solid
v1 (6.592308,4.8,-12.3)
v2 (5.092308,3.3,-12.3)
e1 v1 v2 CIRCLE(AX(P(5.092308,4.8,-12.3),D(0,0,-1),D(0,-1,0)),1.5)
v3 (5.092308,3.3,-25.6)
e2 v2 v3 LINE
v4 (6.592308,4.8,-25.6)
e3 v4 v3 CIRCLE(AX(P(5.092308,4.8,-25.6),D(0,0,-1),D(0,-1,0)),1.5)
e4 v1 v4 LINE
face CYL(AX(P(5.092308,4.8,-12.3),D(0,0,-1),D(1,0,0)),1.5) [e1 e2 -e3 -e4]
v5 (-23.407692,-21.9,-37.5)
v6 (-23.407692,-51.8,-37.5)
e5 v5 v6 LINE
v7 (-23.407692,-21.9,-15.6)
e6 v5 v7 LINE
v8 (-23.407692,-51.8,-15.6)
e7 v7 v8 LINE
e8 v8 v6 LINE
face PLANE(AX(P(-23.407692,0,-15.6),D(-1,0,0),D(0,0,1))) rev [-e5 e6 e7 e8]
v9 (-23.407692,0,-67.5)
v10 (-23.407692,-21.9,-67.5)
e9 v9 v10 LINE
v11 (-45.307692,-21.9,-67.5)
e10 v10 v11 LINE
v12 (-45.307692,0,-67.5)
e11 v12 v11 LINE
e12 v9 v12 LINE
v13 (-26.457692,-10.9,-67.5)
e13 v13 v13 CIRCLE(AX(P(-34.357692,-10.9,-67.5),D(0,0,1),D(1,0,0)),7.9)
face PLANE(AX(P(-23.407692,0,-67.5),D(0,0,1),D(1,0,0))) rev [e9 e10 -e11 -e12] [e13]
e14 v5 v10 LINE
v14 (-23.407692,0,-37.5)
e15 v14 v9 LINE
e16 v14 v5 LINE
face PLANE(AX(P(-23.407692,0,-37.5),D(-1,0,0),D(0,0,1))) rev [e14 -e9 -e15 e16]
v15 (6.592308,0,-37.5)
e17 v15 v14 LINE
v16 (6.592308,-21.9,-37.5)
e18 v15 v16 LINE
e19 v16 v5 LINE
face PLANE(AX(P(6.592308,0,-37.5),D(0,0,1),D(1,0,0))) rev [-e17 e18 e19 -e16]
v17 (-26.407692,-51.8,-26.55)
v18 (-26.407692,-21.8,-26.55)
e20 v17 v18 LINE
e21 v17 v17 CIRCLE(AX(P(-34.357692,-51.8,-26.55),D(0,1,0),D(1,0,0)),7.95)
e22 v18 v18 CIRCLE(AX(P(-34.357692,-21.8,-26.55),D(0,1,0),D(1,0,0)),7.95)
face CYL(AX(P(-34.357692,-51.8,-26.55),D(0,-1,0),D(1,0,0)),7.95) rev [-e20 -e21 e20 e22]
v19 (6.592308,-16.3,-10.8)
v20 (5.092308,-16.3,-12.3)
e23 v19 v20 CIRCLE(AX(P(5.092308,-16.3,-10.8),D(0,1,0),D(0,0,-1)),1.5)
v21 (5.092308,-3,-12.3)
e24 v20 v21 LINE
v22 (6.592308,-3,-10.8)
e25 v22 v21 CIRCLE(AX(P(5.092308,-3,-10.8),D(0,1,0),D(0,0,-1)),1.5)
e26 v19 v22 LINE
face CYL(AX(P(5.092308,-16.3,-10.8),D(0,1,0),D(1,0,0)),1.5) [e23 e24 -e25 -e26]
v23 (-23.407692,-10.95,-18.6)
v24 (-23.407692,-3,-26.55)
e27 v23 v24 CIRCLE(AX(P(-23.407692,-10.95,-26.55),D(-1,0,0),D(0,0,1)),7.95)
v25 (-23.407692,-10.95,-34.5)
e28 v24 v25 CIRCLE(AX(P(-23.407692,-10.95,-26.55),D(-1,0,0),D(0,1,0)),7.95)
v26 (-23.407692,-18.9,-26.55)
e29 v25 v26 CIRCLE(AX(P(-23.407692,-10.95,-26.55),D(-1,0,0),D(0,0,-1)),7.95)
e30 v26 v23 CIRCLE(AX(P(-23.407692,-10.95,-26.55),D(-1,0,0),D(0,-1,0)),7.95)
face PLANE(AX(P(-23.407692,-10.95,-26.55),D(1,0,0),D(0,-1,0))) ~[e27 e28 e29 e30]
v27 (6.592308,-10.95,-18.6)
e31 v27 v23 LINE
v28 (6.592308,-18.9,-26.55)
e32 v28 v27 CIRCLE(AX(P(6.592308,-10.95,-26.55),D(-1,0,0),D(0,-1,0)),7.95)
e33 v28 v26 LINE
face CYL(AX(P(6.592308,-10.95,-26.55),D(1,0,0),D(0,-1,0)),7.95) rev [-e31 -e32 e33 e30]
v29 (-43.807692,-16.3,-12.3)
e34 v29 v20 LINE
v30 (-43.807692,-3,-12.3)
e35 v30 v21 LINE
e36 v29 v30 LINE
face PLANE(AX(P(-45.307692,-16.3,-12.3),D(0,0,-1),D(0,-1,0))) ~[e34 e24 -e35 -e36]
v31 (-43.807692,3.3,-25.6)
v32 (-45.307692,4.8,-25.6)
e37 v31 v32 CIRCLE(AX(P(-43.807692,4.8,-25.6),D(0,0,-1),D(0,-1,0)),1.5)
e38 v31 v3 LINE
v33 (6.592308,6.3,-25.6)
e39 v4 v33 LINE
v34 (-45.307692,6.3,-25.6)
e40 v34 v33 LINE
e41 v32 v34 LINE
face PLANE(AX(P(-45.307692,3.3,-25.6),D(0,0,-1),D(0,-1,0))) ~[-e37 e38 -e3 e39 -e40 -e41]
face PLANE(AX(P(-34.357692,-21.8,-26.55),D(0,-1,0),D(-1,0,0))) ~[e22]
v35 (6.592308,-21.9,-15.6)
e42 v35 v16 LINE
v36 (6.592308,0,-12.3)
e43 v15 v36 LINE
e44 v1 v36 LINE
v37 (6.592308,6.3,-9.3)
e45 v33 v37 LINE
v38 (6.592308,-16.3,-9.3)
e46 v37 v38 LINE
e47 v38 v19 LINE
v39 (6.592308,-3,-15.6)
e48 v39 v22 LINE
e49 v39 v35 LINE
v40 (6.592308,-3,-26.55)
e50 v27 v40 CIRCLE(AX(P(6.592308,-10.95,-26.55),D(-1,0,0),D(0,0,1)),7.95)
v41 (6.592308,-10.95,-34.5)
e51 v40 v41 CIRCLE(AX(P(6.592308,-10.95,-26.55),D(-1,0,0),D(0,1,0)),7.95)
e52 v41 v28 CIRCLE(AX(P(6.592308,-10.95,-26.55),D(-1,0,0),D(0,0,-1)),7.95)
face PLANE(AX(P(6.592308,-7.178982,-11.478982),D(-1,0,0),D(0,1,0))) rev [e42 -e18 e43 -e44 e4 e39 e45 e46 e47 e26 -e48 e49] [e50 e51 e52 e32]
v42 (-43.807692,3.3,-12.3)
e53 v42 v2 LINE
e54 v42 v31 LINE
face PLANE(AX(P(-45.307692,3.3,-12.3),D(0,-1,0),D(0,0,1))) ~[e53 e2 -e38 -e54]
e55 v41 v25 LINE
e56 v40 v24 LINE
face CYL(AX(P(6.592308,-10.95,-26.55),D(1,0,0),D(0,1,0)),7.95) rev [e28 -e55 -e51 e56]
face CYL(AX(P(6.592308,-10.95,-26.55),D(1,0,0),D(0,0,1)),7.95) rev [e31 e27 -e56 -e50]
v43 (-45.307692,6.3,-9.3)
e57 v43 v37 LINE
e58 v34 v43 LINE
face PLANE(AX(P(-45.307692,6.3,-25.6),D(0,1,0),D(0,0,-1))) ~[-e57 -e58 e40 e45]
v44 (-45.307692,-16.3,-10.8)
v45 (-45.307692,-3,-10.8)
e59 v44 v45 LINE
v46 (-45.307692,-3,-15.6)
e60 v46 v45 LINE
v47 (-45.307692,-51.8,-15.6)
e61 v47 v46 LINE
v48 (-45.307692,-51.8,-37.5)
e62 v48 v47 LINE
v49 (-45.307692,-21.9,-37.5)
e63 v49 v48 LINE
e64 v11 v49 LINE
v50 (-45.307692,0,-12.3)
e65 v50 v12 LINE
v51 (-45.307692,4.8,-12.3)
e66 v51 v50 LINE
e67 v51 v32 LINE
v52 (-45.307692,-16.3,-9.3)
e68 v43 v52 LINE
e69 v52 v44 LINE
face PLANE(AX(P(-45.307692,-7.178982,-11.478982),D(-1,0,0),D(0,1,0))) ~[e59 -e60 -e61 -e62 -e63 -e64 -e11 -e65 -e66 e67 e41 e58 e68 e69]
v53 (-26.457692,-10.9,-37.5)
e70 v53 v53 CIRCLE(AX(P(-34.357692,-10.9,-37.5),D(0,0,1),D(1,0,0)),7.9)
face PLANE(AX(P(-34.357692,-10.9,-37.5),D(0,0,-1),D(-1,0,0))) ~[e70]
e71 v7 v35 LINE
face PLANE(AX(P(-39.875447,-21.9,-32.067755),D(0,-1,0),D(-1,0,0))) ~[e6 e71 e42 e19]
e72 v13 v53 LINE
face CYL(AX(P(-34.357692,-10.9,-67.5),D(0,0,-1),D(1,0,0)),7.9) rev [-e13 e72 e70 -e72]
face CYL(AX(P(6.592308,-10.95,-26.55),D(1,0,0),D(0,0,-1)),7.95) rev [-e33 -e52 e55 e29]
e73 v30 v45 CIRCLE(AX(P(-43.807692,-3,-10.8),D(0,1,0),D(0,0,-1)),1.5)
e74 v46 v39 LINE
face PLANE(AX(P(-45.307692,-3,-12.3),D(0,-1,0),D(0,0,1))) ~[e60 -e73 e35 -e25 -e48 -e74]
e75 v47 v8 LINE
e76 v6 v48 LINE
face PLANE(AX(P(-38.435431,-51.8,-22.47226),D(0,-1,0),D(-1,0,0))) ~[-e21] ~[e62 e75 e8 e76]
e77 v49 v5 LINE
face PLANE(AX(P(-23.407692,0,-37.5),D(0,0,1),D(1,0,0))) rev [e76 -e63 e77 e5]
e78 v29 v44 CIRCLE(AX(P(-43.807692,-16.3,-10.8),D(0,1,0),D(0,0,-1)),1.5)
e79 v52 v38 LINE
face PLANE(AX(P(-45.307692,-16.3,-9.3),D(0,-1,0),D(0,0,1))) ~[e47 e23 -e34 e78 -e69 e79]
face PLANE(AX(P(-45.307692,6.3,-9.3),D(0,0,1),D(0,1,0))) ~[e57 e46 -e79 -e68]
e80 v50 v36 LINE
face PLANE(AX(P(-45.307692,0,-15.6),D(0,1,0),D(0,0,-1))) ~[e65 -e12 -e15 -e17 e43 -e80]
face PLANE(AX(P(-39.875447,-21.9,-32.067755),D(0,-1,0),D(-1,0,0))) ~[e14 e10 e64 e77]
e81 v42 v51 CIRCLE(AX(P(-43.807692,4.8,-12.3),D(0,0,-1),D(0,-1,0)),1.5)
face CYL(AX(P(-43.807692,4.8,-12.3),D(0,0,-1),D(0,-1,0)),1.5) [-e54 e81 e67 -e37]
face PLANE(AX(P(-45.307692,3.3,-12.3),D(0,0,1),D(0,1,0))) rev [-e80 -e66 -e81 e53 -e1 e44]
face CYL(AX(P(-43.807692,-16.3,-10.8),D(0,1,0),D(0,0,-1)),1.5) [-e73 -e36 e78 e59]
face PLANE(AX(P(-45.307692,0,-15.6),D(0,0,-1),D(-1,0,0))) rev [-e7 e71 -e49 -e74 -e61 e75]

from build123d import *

# Parameters (mm, degrees)
F0_W      = 27
F0_H      = 15.9
F0_W_2    = 15.9
F0_H_2    = 27
F0_W_3    = 3
F0_H_3    = 3
F1_DEPTH  = 21.9
F2_DEPTH  = 51.8
F3_R      = 7.95
F6_DEPTH  = 30
F7_DEPTH  = 30
F4_R      = 7.9
F8_DEPTH  = 30
F9_W      = 3.3
F9_H      = 3
F10_DEPTH = 51.9
F11_R     = 1.5


with BuildPart() as f1:
    # F0 (on Front) → F1 (new body)
    with BuildSketch(Plane.XZ):
        with BuildLine():
            Line((-34.3576915575, 15.9), (-42.3076915575, 15.9))
            Line((-42.3076915575, 15.9), (-42.3076915575, 7.9499999931))
            ThreePointArc((-42.3076915575, 7.9499999931), (-39.9791904704, 13.571498908), (-34.3576915575, 15.9))
        make_face()
        with BuildLine():
            ThreePointArc((-34.3576915575, 15.9), (-39.9791904704, 13.571498908), (-42.3076915575, 7.9499999931))
            ThreePointArc((-42.3076915575, 7.9499999931), (-39.9791904655, 2.3285010871), (-34.3576915575, 0))
            ThreePointArc((-34.3576915575, 0), (-28.7361926471, 2.3285010896), (-26.4076915575, 7.95))
            ThreePointArc((-26.4076915575, 7.95), (-28.7361926471, 13.5714989104), (-34.3576915575, 15.9))
        make_face()
        Polygon((-42.3076915575, 18.9), (-42.3076915575, 45.9), (-26.4076915575, 45.9), (-26.4076915575, 18.9), (-23.4076915575, 18.9), (-23.4076915575, 48.9), (-45.3076915575, 48.9), (-45.3076915575, 18.9), align=None)
        with Locations((-9.9076915575, 7.95)):
            Rectangle(F0_W, F0_H)
        with Locations((-34.3576915575, 32.4)):
            Rectangle(F0_W_2, F0_H_2)
        with BuildLine():
            ThreePointArc((-34.3576915575, 0), (-39.9791904655, 2.3285010871), (-42.3076915575, 7.9499999931))
            Line((-42.3076915575, 7.9499999931), (-42.3076915575, 0))
            Line((-42.3076915575, 0), (-34.3576915575, 0))
        make_face()
        with BuildLine():
            Line((-26.4076915575, 0), (-26.4076915575, 7.95))
            ThreePointArc((-26.4076915575, 7.95), (-28.7361926471, 2.3285010896), (-34.3576915575, 0))
            Line((-34.3576915575, 0), (-26.4076915575, 0))
        make_face()
        with BuildLine():
            Line((-26.4076915575, 7.95), (-26.4076915575, 15.9))
            Line((-26.4076915575, 15.9), (-34.3576915575, 15.9))
            ThreePointArc((-34.3576915575, 15.9), (-28.7361926471, 13.5714989104), (-26.4076915575, 7.95))
        make_face()
        Polygon((6.5923084425, 18.9), (-23.4076915575, 18.9), (-23.4076915575, 15.9), (3.5923084425, 15.9), (3.5923084425, 0), (-23.4076915575, 0), (-23.4076915575, -3), (6.5923084425, -3), align=None)
        Polygon((-26.4076915575, 18.9), (-42.3076915575, 18.9), (-42.3076915575, 15.9), (-34.3576915575, 15.9), (-26.4076915575, 15.9), align=None)
        Polygon((-23.4076915575, 15.9), (-26.4076915575, 15.9), (-26.4076915575, 7.95), (-26.4076915575, 0), (-23.4076915575, 0), align=None)
        Polygon((-42.3076915575, 15.9), (-42.3076915575, 18.9), (-45.3076915575, 18.9), (-45.3076915575, -3), (-23.4076915575, -3), (-23.4076915575, 0), (-26.4076915575, 0), (-34.3576915575, 0), (-42.3076915575, 0), (-42.3076915575, 7.9499999931), align=None)
        with Locations((-24.9076915575, 17.4)):
            Rectangle(F0_W_3, F0_H_3)
    extrude(amount=F1_DEPTH)

    # F0 (on Front) → F2 (join)
    with BuildSketch(Plane.XZ):
        Polygon((-42.3076915575, 15.9), (-42.3076915575, 18.9), (-45.3076915575, 18.9), (-45.3076915575, -3), (-23.4076915575, -3), (-23.4076915575, 0), (-26.4076915575, 0), (-34.3576915575, 0), (-42.3076915575, 0), (-42.3076915575, 7.9499999931), align=None)
        with BuildLine():
            ThreePointArc((-34.3576915575, 15.9), (-39.9791904704, 13.571498908), (-42.3076915575, 7.9499999931))
            ThreePointArc((-42.3076915575, 7.9499999931), (-39.9791904655, 2.3285010871), (-34.3576915575, 0))
            ThreePointArc((-34.3576915575, 0), (-28.7361926471, 2.3285010896), (-26.4076915575, 7.95))
            ThreePointArc((-26.4076915575, 7.95), (-28.7361926471, 13.5714989104), (-34.3576915575, 15.9))
        make_face()
        Polygon((-26.4076915575, 18.9), (-42.3076915575, 18.9), (-42.3076915575, 15.9), (-34.3576915575, 15.9), (-26.4076915575, 15.9), align=None)
        Polygon((-23.4076915575, 15.9), (-26.4076915575, 15.9), (-26.4076915575, 7.95), (-26.4076915575, 0), (-23.4076915575, 0), align=None)
        with Locations((-24.9076915575, 17.4)):
            Rectangle(F0_W_3, F0_H_3)
        with BuildLine():
            Line((-26.4076915575, 7.95), (-26.4076915575, 15.9))
            Line((-26.4076915575, 15.9), (-34.3576915575, 15.9))
            ThreePointArc((-34.3576915575, 15.9), (-28.7361926471, 13.5714989104), (-26.4076915575, 7.95))
        make_face()
        with BuildLine():
            Line((-34.3576915575, 15.9), (-42.3076915575, 15.9))
            Line((-42.3076915575, 15.9), (-42.3076915575, 7.9499999931))
            ThreePointArc((-42.3076915575, 7.9499999931), (-39.9791904704, 13.571498908), (-34.3576915575, 15.9))
        make_face()
        with BuildLine():
            ThreePointArc((-34.3576915575, 0), (-39.9791904655, 2.3285010871), (-42.3076915575, 7.9499999931))
            Line((-42.3076915575, 7.9499999931), (-42.3076915575, 0))
            Line((-42.3076915575, 0), (-34.3576915575, 0))
        make_face()
        with BuildLine():
            Line((-26.4076915575, 0), (-26.4076915575, 7.95))
            ThreePointArc((-26.4076915575, 7.95), (-28.7361926471, 2.3285010896), (-34.3576915575, 0))
            Line((-34.3576915575, 0), (-26.4076915575, 0))
        make_face()
    extrude(amount=F2_DEPTH)

    # F3 (on face) → F6 (cut)
    with BuildSketch(Plane.XZ.offset(51.8)):
        with Locations((-34.3576915575, 7.95)):
            Circle(F3_R)
    extrude(amount=-F6_DEPTH, mode=Mode.SUBTRACT)

    # F5 (on face) → F7 (cut)
    with BuildSketch(Plane.YZ.offset(6.5923084425)):
        with BuildLine():
            ThreePointArc((-3, 7.95), (-5.3285010896, 13.5714989104), (-10.95, 15.9))
            ThreePointArc((-10.95, 15.9), (-16.5714989104, 13.5714989104), (-18.9, 7.95))
            ThreePointArc((-18.9, 7.95), (-16.5714989104, 2.3285010896), (-10.95, 0))
            ThreePointArc((-10.95, 0), (-5.3285010896, 2.3285010896), (-3, 7.95))
        make_face()
    extrude(amount=-F7_DEPTH, mode=Mode.SUBTRACT)

    # F4 (on face) → F8 (cut)
    with BuildSketch(Plane.XY.offset(48.9)):
        with Locations((-34.3576915575, -10.9)):
            Circle(F4_R)
    extrude(amount=-F8_DEPTH, mode=Mode.SUBTRACT)

    # F9 (on face) → F10 (join)
    with BuildSketch(Plane(origin=(-45.3076915575, 0, 0), x_dir=(0, -1, 0), z_dir=(-1, 0, 0))):
        Polygon((3, -3), (0, -3), (0, -6.3), (0, -9.3), (16.3, -9.3), (16.3, -6.3), (3, -6.3), align=None)
        with Locations((-1.65, -7.8)):
            Rectangle(F9_W, F9_H)
        Polygon((-3.3, -9.3), (-3.3, -6.3), (-3.3, 7), (-6.3, 7), (-6.3, -9.3), align=None)
    extrude(amount=-F10_DEPTH)

    # F11
    f11_edges = [f1.edges().sort_by_distance(p)[0] for p in [
        (-45.307692, -9.65, -6.3),
        (6.592308, -9.65, -6.3),
        (-45.307692, 3.3, 0.35),
        (6.592308, 3.3, 0.35),
    ]]
    fillet(f11_edges, radius=F11_R)


with BuildPart() as f12_1:
    # F12: instance of F1
    add(f1.part.mirror(Plane(origin=(-19.3576915575, -5, -9.3), x_dir=(1, 0, 0), z_dir=(0, 0, -1))))


solid = f12_1.part
